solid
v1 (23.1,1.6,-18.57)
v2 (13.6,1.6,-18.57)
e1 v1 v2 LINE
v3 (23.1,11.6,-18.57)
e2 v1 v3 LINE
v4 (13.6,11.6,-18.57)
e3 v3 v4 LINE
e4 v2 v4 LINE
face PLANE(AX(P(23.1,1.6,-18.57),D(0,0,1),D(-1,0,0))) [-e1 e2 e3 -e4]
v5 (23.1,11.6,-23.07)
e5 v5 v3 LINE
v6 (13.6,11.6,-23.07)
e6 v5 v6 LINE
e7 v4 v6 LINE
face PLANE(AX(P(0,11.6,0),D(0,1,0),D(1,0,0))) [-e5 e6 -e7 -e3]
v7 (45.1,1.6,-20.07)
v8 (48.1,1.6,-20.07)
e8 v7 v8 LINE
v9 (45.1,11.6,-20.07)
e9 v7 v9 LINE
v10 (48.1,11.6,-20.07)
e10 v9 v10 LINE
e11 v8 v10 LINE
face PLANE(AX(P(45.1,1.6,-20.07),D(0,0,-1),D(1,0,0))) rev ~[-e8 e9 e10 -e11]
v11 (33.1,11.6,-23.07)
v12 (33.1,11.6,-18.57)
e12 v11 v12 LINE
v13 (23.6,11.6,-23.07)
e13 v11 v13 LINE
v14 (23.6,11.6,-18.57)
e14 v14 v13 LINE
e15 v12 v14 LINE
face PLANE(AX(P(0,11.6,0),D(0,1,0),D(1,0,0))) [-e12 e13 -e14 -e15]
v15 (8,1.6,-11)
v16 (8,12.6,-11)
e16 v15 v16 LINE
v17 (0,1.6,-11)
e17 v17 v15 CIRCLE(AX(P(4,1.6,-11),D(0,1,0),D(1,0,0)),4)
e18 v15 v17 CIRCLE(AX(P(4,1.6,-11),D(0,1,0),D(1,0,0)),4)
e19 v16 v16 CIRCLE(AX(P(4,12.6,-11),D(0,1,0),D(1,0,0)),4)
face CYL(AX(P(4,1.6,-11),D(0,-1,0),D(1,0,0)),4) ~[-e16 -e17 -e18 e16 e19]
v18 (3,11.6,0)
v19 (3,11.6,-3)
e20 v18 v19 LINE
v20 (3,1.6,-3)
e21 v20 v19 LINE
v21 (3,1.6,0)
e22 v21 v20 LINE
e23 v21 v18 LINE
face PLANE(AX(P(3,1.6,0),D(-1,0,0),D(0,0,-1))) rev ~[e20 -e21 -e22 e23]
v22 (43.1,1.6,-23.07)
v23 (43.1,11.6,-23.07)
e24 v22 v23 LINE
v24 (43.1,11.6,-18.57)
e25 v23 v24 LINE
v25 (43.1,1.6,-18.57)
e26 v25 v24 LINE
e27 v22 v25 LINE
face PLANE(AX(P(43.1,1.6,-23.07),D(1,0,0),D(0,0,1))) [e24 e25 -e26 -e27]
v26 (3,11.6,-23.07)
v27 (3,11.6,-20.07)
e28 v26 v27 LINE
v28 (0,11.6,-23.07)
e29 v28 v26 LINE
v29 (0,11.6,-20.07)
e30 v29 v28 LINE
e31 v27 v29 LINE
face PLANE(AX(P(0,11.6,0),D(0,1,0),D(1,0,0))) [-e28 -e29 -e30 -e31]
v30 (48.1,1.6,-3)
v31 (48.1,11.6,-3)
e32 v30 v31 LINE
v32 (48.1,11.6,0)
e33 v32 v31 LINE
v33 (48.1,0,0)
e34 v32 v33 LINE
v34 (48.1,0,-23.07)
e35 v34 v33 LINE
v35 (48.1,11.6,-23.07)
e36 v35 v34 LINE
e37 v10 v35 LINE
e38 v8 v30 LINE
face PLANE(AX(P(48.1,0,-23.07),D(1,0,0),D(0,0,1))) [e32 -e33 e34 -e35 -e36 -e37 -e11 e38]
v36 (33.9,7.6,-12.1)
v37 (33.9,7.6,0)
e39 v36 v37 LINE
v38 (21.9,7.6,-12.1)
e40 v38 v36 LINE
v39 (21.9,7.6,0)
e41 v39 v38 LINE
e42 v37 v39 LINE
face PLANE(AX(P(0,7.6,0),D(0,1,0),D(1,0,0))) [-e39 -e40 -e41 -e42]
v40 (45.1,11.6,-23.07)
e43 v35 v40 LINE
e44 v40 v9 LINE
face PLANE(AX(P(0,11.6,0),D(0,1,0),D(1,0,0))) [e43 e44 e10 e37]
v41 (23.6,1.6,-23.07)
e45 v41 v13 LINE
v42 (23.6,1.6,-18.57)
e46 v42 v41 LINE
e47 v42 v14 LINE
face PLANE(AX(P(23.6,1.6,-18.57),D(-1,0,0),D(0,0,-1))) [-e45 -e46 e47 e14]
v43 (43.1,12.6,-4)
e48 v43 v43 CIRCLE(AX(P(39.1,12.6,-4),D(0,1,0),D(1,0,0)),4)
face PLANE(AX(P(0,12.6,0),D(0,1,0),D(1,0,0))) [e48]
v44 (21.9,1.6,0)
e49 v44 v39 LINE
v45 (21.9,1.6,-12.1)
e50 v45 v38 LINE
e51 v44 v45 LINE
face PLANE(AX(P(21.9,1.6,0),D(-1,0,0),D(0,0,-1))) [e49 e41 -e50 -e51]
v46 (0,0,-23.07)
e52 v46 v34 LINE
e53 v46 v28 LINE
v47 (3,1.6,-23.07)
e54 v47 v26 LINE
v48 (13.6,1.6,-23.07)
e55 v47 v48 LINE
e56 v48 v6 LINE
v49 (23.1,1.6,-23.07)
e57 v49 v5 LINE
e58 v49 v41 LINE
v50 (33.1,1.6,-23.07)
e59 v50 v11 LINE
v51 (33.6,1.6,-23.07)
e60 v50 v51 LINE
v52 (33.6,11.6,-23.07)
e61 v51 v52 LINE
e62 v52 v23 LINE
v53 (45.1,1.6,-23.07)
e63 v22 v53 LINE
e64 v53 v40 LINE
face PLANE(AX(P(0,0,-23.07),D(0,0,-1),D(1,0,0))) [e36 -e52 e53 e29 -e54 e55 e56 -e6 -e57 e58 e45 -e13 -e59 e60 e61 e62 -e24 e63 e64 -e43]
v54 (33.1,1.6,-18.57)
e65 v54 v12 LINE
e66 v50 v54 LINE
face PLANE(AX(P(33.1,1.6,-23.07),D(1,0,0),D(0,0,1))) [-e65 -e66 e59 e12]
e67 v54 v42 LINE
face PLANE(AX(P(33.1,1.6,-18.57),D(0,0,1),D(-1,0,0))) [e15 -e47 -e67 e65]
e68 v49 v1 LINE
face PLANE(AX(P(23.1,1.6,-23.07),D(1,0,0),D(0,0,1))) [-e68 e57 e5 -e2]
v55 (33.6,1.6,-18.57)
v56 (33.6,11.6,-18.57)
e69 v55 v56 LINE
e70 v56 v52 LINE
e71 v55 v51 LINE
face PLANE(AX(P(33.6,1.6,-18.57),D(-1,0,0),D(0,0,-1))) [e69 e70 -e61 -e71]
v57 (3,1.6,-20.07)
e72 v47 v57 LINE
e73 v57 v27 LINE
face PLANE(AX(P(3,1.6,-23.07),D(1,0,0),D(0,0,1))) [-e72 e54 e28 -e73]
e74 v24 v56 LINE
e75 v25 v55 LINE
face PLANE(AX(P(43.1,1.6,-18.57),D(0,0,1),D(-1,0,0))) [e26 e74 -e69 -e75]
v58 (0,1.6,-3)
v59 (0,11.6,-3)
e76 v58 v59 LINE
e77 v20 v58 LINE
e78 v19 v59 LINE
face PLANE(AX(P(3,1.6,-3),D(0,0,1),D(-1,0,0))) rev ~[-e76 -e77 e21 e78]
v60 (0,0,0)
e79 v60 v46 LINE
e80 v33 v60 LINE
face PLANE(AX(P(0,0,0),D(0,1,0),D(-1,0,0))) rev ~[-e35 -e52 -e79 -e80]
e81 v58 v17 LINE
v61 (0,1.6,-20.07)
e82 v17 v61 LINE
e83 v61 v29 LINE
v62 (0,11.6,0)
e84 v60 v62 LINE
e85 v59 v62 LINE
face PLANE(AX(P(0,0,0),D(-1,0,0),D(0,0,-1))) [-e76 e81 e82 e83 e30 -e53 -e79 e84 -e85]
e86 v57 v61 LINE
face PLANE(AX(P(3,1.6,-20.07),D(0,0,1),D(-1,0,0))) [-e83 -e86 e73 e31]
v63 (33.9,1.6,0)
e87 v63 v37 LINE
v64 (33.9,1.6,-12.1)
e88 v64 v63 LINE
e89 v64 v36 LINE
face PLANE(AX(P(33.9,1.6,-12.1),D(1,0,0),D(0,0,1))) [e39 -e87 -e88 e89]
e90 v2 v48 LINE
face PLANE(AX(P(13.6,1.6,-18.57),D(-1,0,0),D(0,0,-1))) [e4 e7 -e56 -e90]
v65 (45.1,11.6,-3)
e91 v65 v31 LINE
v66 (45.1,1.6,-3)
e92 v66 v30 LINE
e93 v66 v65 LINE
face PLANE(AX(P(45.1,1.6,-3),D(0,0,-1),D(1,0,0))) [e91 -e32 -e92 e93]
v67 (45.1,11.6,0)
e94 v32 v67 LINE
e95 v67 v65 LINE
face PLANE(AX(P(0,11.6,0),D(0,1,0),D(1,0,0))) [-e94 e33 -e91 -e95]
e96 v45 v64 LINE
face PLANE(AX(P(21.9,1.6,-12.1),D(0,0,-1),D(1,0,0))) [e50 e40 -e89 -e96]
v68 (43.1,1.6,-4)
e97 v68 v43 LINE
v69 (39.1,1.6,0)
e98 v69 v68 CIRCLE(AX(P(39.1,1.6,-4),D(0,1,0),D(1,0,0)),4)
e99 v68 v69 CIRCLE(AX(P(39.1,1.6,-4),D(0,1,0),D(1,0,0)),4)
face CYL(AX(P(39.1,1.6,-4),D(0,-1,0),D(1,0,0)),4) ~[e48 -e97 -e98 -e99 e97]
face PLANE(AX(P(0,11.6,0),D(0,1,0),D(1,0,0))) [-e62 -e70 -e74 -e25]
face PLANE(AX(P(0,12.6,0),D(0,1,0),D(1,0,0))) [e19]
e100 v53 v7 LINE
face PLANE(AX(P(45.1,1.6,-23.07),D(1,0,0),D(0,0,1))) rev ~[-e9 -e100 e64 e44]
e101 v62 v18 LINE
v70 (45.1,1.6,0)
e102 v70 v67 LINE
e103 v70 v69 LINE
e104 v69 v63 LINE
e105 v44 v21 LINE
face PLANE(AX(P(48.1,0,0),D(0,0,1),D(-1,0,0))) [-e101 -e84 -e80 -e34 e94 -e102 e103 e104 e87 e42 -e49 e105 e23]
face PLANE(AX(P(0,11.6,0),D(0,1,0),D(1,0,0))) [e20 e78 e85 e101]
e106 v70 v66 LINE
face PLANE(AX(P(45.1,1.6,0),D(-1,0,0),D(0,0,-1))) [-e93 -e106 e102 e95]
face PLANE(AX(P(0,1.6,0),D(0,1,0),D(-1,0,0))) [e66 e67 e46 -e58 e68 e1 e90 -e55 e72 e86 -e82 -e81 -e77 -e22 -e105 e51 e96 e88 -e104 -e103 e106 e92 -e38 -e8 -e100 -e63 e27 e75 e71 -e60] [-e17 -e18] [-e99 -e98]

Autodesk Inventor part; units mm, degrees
ref_plane "YZ Plane" through (0, 0, 0) normal (1, 0, 0) x (0, 1, 0)
ref_plane "XZ Plane" through (0, 0, 0) normal (0, 1, 0) x (-1, 0, 0)
ref_plane "XY Plane" through (0, 0, 0) normal (0, 0, 1) x (1, 0, 0)
sketch "Sketch1" plane through (0, 0, 0) normal (0, 1, 0) x (-1, 0, 0)
  line L0 (0, -23.07) -> (-48.1, -23.07)
  line L1 (-48.1, -23.07) -> (-48.1, 0)
  line L2 (-48.1, 0) -> (0, 0)
  line L3 (0, 0) -> (0, -23.07)
  point P0 (0, 0)
  dimension "d0" = 48.1
  dimension "d1" = 23.07
extrude "Extrusion1" add sketch "Sketch1" along normal blind 1.6
sketch "Sketch2" plane through (0, 1.6, 0) normal (0, 1, 0) x (1, 0, 0)
  line L0 (33.6, 23.07) -> (43.1, 23.07)
  line L1 (43.1, 23.07) -> (43.1, 18.57)
  line L2 (43.1, 18.57) -> (33.6, 18.57)
  line L3 (33.6, 18.57) -> (33.6, 23.07)
  line L4 (48.1, 23.07) -> (0, 23.07) projected
  line L5 (48.1, 0) -> (48.1, 23.07) projected
  line L6 (23.6, 23.07) -> (33.1, 23.07)
  line L7 (33.1, 23.07) -> (33.1, 18.57)
  line L8 (33.1, 18.57) -> (23.6, 18.57)
  line L9 (23.6, 18.57) -> (23.6, 23.07)
  line L10 (13.6, 23.07) -> (23.1, 23.07)
  line L11 (23.1, 23.07) -> (23.1, 18.57)
  line L12 (23.1, 18.57) -> (13.6, 18.57)
  line L13 (13.6, 18.57) -> (13.6, 23.07)
  point P0 (0, 0)
  dimension "d4" = 9.5
  dimension "d5" = 4.5
  dimension "d6" = 5
  dimension "d7" = 9.5
  dimension "d8" = 4.5
  dimension "d9" = 0.5
  dimension "d10" = 9.5
  dimension "d11" = 4.5
  dimension "d12" = 0.5
extrude "Extrusion2" add sketch "Sketch2" along normal blind 10
sketch "Sketch3" plane through (0, 1.6, 0) normal (0, 1, 0) x (1, 0, 0)
  line L0 (48.1, 0) -> (48.1, 23.07) projected
  line L1 (48.1, 23.07) -> (45.1, 23.07)
  line L2 (45.1, 23.07) -> (45.1, 20.07)
  line L3 (45.1, 20.07) -> (48.1, 20.07)
  line L4 (48.1, 20.07) -> (48.1, 23.07)
  line L5 (0, 23.07) -> (3, 23.07)
  line L6 (3, 23.07) -> (3, 20.07)
  line L7 (3, 20.07) -> (0, 20.07)
  line L8 (0, 20.07) -> (0, 23.07)
  line L9 (0, 0) -> (3, 0)
  line L10 (3, 0) -> (3, 3)
  line L11 (3, 3) -> (0, 3)
  line L12 (0, 3) -> (0, 0)
  line L13 (48.1, 0) -> (45.1, 0)
  line L14 (45.1, 0) -> (45.1, 3)
  line L15 (45.1, 3) -> (48.1, 3)
  line L16 (48.1, 3) -> (48.1, 0)
  dimension "d15" = 3
  dimension "d16" = 3
  dimension "d17" = 3
extrude "Extrusion3" add sketch "Sketch3" along normal blind 10
sketch "Sketch4" plane through (0, 1.6, 0) normal (0, 1, 0) x (1, 0, 0)
  circle A0 centre (39.1, 4) radius 4
  line L0 (48.1, 3) -> (48.1, 20.07) projected
  circle A1 centre (4, 11) radius 4
  point P0 (0, 0)
  dimension "d20" = 8
  dimension "d21" = 9
  dimension "d22" = 8
extrude "Extrusion4" add sketch "Sketch4" along normal blind 11
sketch "Sketch5" plane through (0, 1.6, 0) normal (0, 1, 0) x (1, 0, 0)
  line L0 (21.9, 12.1) -> (33.9, 12.1)
  line L1 (33.9, 12.1) -> (33.9, 0)
  line L2 (33.9, 0) -> (21.9, 0)
  line L3 (21.9, 0) -> (21.9, 12.1)
  circle A0 centre (39.1, 4) radius 4 projected
  point P0 (0, 0)
  dimension "d25" = 12
  dimension "d26" = 12.1
  dimension "d27" = 1.2
extrude "Extrusion5" add sketch "Sketch5" along normal blind 6 contours L0 L1 L2 L3
properties part number "LM2596 Buck Converter"
